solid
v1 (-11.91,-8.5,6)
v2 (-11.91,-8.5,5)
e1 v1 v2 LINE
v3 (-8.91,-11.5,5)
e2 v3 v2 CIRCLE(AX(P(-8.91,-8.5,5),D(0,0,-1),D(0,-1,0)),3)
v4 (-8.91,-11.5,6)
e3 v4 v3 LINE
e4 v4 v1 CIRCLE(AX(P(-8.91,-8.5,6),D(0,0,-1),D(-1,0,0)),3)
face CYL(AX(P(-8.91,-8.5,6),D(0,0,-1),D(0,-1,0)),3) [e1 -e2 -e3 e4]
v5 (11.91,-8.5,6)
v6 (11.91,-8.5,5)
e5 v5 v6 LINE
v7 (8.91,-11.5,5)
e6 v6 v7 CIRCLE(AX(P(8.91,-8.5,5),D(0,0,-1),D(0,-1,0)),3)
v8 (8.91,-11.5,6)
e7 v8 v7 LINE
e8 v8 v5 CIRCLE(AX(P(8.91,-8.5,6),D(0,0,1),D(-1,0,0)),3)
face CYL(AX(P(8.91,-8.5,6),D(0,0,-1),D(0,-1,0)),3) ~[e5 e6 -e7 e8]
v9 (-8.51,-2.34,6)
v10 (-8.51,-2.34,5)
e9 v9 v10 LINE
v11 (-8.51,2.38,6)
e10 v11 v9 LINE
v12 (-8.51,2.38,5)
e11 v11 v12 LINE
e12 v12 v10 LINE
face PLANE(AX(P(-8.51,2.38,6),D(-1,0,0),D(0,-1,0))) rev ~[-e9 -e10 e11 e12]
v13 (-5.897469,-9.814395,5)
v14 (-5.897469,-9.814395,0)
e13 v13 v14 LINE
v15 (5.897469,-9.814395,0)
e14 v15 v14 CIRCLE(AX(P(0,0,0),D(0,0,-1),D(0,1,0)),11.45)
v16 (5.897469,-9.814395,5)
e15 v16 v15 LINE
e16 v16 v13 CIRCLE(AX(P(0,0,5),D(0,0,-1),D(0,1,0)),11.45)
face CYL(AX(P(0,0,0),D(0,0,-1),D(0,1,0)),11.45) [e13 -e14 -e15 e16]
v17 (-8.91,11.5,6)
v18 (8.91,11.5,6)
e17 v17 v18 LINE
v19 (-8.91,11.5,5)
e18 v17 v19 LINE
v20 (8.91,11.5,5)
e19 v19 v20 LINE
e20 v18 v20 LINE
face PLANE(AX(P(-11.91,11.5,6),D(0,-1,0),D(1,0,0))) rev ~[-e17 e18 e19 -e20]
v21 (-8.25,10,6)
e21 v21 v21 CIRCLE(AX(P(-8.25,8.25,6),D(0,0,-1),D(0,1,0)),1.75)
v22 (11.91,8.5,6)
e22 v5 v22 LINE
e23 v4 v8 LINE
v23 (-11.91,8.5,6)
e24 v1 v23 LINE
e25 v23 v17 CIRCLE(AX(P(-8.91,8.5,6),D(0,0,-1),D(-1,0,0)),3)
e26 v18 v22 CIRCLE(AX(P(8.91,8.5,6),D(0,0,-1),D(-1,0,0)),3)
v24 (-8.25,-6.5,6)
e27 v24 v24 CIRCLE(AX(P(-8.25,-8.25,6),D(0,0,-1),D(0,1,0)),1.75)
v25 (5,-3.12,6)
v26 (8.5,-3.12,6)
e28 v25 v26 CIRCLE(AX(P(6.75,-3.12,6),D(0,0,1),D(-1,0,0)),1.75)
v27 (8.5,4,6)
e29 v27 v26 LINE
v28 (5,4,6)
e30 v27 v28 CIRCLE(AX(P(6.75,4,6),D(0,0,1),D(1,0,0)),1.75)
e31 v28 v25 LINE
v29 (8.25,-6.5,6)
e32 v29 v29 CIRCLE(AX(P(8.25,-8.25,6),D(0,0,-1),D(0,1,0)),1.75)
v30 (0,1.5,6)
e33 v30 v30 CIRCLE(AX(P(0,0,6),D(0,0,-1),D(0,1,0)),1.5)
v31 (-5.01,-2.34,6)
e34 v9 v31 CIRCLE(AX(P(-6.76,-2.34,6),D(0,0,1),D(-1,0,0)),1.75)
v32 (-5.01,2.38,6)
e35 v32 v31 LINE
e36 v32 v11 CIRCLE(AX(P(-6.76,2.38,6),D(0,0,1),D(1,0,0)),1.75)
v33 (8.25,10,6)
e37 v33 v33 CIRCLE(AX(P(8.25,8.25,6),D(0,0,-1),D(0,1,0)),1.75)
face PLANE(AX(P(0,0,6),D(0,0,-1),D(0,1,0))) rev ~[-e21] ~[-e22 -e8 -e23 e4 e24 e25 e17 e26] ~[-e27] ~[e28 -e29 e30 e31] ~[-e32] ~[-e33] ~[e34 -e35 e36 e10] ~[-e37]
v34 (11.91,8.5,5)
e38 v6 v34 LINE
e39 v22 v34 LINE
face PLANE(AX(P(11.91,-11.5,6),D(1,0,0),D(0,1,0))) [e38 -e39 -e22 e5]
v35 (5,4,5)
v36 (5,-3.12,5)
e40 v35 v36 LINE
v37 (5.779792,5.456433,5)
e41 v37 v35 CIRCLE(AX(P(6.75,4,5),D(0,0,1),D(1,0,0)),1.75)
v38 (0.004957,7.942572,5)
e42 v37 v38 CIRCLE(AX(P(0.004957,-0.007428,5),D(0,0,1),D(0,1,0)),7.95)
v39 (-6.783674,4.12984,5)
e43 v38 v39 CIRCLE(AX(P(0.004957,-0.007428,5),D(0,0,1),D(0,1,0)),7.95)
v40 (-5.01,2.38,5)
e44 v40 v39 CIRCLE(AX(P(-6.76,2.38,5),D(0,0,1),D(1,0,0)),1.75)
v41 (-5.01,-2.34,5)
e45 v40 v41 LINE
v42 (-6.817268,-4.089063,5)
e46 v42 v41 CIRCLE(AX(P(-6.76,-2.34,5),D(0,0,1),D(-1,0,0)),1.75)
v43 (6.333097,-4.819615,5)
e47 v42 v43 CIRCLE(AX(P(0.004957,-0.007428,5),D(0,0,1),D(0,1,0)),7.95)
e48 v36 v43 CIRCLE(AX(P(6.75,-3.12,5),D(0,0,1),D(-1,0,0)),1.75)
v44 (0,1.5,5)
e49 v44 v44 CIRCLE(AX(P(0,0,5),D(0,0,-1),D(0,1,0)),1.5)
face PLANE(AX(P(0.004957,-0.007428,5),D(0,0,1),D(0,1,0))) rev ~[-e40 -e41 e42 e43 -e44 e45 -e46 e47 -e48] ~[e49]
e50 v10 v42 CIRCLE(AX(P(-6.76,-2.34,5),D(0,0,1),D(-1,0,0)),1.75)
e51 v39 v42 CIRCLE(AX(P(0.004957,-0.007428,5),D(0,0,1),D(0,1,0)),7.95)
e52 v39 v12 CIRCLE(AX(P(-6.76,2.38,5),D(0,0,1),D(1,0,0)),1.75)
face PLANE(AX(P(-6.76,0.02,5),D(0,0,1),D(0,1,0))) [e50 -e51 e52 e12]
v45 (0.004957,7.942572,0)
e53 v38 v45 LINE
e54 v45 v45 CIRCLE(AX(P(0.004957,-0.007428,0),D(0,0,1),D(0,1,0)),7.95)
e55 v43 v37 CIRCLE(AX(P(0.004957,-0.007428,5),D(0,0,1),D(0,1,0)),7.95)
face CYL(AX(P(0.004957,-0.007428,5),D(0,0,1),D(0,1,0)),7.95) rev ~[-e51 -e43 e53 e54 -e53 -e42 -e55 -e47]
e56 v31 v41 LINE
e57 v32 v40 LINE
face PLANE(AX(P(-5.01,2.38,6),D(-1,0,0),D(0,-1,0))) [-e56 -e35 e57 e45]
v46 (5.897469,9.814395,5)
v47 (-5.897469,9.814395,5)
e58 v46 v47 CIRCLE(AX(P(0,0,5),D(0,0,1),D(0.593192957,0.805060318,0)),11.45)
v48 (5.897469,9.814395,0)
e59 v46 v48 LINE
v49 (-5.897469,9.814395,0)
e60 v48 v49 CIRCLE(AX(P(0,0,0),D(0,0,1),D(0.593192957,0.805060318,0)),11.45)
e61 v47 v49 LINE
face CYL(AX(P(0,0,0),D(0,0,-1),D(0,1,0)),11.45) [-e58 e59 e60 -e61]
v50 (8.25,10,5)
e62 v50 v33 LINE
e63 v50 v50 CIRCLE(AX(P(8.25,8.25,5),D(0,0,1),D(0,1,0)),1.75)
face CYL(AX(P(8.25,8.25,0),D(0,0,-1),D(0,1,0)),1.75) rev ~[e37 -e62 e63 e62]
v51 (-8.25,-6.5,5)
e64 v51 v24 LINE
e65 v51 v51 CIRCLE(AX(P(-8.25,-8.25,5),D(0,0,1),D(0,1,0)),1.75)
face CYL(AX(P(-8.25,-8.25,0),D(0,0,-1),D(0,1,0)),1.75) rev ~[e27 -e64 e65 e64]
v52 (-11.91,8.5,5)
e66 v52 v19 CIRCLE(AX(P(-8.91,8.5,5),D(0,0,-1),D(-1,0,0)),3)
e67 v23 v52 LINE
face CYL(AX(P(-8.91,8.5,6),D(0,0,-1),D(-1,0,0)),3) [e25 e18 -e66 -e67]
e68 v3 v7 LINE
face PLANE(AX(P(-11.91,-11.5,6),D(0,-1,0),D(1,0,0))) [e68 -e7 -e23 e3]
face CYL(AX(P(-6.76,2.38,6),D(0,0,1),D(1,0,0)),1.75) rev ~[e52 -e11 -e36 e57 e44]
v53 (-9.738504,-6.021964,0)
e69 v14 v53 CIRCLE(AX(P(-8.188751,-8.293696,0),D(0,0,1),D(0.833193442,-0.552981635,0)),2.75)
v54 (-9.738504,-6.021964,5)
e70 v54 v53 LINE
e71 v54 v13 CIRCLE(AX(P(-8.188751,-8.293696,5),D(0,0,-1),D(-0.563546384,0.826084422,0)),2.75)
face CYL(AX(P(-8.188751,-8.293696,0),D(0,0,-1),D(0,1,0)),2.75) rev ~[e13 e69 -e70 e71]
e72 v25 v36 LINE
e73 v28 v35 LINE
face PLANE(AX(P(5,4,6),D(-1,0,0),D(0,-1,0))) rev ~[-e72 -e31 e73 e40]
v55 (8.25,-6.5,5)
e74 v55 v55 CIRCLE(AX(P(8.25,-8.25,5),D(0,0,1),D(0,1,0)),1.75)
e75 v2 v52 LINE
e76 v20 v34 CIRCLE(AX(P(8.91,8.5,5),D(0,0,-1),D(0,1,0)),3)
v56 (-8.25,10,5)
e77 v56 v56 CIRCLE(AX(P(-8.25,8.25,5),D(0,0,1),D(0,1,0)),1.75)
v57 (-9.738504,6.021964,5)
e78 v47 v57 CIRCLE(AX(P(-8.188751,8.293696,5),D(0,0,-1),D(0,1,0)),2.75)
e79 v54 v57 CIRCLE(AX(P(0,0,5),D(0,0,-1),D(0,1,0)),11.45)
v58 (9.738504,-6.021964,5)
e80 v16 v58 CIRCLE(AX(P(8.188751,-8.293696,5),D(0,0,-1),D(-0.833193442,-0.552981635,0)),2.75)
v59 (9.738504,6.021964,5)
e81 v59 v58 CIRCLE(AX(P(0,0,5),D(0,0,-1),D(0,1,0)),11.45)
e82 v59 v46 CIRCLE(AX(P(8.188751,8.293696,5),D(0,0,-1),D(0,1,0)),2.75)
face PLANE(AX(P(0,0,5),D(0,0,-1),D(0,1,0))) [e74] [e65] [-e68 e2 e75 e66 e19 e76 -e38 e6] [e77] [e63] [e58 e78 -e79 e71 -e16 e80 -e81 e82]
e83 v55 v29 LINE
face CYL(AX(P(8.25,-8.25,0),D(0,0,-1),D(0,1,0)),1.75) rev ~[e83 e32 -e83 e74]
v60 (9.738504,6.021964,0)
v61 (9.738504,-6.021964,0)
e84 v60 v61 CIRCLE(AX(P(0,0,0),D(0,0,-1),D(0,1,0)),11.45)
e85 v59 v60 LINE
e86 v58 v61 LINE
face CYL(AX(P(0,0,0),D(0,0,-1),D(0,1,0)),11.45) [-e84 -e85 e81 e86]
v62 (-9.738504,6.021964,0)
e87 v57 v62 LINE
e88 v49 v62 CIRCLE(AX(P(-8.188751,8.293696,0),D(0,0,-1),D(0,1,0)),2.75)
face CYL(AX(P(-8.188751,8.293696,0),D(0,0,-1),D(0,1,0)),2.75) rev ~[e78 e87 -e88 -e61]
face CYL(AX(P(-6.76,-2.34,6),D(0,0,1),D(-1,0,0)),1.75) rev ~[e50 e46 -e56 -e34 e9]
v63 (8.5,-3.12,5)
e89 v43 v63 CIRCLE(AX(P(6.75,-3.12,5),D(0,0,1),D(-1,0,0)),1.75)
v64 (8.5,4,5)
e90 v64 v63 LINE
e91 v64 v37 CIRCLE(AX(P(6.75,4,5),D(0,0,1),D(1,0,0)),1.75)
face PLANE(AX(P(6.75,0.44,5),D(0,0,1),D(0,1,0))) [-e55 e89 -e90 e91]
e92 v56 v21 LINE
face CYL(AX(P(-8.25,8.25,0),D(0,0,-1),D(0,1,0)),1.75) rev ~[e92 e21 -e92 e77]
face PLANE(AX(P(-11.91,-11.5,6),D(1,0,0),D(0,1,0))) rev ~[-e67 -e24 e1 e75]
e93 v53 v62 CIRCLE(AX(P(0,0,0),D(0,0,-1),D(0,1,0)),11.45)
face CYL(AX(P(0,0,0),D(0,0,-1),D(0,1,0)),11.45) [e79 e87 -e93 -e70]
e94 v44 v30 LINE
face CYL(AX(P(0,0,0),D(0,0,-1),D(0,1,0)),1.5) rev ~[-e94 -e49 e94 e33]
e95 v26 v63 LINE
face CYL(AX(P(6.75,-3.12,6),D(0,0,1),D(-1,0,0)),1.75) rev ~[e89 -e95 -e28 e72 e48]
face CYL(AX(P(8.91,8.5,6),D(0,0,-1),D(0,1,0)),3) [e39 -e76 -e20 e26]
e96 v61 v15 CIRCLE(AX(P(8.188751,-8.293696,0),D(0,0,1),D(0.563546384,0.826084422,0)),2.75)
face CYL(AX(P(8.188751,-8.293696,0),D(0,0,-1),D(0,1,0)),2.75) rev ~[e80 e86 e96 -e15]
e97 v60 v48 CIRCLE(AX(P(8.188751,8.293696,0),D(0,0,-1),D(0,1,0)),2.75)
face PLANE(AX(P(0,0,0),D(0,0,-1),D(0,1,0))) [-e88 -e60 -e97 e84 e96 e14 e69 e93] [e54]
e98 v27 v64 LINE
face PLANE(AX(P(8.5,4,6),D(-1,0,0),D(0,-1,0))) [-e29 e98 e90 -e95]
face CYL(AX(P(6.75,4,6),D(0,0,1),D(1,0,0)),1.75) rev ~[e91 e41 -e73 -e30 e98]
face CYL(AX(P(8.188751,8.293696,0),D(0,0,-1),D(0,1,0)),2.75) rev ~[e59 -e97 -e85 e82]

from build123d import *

# Parameters (mm, degrees)
SKETCH_W                 = 23
SKETCH_H                 = 23.82
PAD_DEPTH                = 6
FILLET_R                 = 3
POCKET_DEPTH             = 1
SKETCH001_W              = 40
SKETCH001_H              = 40
SKETCH001_R              = 11.45
POCKET001_DEPTH          = 5
SKETCH004_R              = 7.95
POCKET002_DEPTH          = 5
SKETCH006_R              = 1.75
HOLE_DEPTH               = 6.001
SKETCH007_R              = 2.75
POCKET004_DEPTH          = 5
SKETCH008_R              = 1.5
HOLE001_DEPTH            = 25
CLONE001_ROLL_ANGLE      = 180
CLONE001_PLACEMENT_ANGLE = 90


with BuildPart() as part:
    # Sketch → Pad (new body)
    with BuildSketch(Plane.XY):
        Rectangle(SKETCH_W, SKETCH_H)
    extrude(amount=PAD_DEPTH)

    # Fillet
    fillet_edges = [part.edges().sort_by_distance(p)[0] for p in [
        (11.5, -11.91, 3),
        (-11.5, -11.91, 3),
        (11.5, 11.91, 3),
        (-11.5, 11.91, 3),
    ]]
    fillet(fillet_edges, radius=FILLET_R)

    # Sketch003 → Pocket (cut)
    with BuildSketch(Plane(origin=(0, 0, 0), x_dir=(1, 0, 0), z_dir=(0, 0, -1))):
        with BuildLine():
            ThreePointArc((4, -8.5), (5.75, -6.75), (4, -5))
            Line((4, -5), (-3.12, -5))
            ThreePointArc((-3.12, -5), (-4.87, -6.75), (-3.12, -8.5))
            Line((4, -8.5), (-3.12, -8.5))
        make_face()
        with BuildLine():
            ThreePointArc((2.38, 5.01), (4.13, 6.76), (2.38, 8.51))
            Line((2.38, 8.51), (-2.34, 8.51))
            ThreePointArc((-2.34, 8.51), (-4.09, 6.76), (-2.34, 5.01))
            Line((2.38, 5.01), (-2.34, 5.01))
        make_face()
    extrude(amount=-POCKET_DEPTH, mode=Mode.SUBTRACT)

    # Sketch001 (on Face6 of Pad) → Pocket001 (cut)
    with BuildSketch(Plane.XY.offset(6)):
        Rectangle(SKETCH001_W, SKETCH001_H)
        Circle(SKETCH001_R, mode=Mode.SUBTRACT)
    extrude(amount=-POCKET001_DEPTH, mode=Mode.SUBTRACT)

    # Sketch004 (on Face21 of Pocket001) → Pocket002 (cut)
    with BuildSketch(Plane(origin=(0, 0, 1), x_dir=(1, 0, 0), z_dir=(0, 0, -1))):
        with Locations((-0.007428, -0.004957)):
            Circle(SKETCH004_R)
    extrude(amount=-POCKET002_DEPTH, mode=Mode.SUBTRACT)

    # Sketch006 → Hole (cut, through all)
    with BuildSketch(Plane.XY.offset(6)):
        with Locations((-8.25, 8.25)):
            Circle(SKETCH006_R)
        with Locations((8.25, 8.25)):
            Circle(SKETCH006_R)
        with Locations((8.25, -8.25)):
            Circle(SKETCH006_R)
        with Locations((-8.25, -8.25)):
            Circle(SKETCH006_R)
    extrude(amount=-HOLE_DEPTH, mode=Mode.SUBTRACT)

    # Sketch007 → Pocket004 (cut)
    with BuildSketch(Plane.XY.offset(6)):
        with Locations((-8.293696, 8.188751)):
            Circle(SKETCH007_R)
        with Locations((8.293696, 8.188751)):
            Circle(SKETCH007_R)
        with Locations((8.293696, -8.188751)):
            Circle(SKETCH007_R)
        with Locations((-8.293696, -8.188751)):
            Circle(SKETCH007_R)
    extrude(amount=-POCKET004_DEPTH, mode=Mode.SUBTRACT)

    # Sketch008 (on Face6 of Pad) → Hole001 (cut)
    with BuildSketch(Plane.XY.offset(6)):
        Circle(SKETCH008_R)
    extrude(amount=-HOLE001_DEPTH, mode=Mode.SUBTRACT)


with BuildPart() as part_1:
    # Clone001 roll: moved
    add(part.part.rotate(Axis((0, 0, 0), (1, 0, 0)), CLONE001_ROLL_ANGLE))


with BuildPart() as part_2:
    # Clone001 placement: moved
    add(part_1.part.moved(Location((0, 0, 6))).rotate(Axis((0, 0, 6), (0, 0, 1)), CLONE001_PLACEMENT_ANGLE))


solid = part_2.part
